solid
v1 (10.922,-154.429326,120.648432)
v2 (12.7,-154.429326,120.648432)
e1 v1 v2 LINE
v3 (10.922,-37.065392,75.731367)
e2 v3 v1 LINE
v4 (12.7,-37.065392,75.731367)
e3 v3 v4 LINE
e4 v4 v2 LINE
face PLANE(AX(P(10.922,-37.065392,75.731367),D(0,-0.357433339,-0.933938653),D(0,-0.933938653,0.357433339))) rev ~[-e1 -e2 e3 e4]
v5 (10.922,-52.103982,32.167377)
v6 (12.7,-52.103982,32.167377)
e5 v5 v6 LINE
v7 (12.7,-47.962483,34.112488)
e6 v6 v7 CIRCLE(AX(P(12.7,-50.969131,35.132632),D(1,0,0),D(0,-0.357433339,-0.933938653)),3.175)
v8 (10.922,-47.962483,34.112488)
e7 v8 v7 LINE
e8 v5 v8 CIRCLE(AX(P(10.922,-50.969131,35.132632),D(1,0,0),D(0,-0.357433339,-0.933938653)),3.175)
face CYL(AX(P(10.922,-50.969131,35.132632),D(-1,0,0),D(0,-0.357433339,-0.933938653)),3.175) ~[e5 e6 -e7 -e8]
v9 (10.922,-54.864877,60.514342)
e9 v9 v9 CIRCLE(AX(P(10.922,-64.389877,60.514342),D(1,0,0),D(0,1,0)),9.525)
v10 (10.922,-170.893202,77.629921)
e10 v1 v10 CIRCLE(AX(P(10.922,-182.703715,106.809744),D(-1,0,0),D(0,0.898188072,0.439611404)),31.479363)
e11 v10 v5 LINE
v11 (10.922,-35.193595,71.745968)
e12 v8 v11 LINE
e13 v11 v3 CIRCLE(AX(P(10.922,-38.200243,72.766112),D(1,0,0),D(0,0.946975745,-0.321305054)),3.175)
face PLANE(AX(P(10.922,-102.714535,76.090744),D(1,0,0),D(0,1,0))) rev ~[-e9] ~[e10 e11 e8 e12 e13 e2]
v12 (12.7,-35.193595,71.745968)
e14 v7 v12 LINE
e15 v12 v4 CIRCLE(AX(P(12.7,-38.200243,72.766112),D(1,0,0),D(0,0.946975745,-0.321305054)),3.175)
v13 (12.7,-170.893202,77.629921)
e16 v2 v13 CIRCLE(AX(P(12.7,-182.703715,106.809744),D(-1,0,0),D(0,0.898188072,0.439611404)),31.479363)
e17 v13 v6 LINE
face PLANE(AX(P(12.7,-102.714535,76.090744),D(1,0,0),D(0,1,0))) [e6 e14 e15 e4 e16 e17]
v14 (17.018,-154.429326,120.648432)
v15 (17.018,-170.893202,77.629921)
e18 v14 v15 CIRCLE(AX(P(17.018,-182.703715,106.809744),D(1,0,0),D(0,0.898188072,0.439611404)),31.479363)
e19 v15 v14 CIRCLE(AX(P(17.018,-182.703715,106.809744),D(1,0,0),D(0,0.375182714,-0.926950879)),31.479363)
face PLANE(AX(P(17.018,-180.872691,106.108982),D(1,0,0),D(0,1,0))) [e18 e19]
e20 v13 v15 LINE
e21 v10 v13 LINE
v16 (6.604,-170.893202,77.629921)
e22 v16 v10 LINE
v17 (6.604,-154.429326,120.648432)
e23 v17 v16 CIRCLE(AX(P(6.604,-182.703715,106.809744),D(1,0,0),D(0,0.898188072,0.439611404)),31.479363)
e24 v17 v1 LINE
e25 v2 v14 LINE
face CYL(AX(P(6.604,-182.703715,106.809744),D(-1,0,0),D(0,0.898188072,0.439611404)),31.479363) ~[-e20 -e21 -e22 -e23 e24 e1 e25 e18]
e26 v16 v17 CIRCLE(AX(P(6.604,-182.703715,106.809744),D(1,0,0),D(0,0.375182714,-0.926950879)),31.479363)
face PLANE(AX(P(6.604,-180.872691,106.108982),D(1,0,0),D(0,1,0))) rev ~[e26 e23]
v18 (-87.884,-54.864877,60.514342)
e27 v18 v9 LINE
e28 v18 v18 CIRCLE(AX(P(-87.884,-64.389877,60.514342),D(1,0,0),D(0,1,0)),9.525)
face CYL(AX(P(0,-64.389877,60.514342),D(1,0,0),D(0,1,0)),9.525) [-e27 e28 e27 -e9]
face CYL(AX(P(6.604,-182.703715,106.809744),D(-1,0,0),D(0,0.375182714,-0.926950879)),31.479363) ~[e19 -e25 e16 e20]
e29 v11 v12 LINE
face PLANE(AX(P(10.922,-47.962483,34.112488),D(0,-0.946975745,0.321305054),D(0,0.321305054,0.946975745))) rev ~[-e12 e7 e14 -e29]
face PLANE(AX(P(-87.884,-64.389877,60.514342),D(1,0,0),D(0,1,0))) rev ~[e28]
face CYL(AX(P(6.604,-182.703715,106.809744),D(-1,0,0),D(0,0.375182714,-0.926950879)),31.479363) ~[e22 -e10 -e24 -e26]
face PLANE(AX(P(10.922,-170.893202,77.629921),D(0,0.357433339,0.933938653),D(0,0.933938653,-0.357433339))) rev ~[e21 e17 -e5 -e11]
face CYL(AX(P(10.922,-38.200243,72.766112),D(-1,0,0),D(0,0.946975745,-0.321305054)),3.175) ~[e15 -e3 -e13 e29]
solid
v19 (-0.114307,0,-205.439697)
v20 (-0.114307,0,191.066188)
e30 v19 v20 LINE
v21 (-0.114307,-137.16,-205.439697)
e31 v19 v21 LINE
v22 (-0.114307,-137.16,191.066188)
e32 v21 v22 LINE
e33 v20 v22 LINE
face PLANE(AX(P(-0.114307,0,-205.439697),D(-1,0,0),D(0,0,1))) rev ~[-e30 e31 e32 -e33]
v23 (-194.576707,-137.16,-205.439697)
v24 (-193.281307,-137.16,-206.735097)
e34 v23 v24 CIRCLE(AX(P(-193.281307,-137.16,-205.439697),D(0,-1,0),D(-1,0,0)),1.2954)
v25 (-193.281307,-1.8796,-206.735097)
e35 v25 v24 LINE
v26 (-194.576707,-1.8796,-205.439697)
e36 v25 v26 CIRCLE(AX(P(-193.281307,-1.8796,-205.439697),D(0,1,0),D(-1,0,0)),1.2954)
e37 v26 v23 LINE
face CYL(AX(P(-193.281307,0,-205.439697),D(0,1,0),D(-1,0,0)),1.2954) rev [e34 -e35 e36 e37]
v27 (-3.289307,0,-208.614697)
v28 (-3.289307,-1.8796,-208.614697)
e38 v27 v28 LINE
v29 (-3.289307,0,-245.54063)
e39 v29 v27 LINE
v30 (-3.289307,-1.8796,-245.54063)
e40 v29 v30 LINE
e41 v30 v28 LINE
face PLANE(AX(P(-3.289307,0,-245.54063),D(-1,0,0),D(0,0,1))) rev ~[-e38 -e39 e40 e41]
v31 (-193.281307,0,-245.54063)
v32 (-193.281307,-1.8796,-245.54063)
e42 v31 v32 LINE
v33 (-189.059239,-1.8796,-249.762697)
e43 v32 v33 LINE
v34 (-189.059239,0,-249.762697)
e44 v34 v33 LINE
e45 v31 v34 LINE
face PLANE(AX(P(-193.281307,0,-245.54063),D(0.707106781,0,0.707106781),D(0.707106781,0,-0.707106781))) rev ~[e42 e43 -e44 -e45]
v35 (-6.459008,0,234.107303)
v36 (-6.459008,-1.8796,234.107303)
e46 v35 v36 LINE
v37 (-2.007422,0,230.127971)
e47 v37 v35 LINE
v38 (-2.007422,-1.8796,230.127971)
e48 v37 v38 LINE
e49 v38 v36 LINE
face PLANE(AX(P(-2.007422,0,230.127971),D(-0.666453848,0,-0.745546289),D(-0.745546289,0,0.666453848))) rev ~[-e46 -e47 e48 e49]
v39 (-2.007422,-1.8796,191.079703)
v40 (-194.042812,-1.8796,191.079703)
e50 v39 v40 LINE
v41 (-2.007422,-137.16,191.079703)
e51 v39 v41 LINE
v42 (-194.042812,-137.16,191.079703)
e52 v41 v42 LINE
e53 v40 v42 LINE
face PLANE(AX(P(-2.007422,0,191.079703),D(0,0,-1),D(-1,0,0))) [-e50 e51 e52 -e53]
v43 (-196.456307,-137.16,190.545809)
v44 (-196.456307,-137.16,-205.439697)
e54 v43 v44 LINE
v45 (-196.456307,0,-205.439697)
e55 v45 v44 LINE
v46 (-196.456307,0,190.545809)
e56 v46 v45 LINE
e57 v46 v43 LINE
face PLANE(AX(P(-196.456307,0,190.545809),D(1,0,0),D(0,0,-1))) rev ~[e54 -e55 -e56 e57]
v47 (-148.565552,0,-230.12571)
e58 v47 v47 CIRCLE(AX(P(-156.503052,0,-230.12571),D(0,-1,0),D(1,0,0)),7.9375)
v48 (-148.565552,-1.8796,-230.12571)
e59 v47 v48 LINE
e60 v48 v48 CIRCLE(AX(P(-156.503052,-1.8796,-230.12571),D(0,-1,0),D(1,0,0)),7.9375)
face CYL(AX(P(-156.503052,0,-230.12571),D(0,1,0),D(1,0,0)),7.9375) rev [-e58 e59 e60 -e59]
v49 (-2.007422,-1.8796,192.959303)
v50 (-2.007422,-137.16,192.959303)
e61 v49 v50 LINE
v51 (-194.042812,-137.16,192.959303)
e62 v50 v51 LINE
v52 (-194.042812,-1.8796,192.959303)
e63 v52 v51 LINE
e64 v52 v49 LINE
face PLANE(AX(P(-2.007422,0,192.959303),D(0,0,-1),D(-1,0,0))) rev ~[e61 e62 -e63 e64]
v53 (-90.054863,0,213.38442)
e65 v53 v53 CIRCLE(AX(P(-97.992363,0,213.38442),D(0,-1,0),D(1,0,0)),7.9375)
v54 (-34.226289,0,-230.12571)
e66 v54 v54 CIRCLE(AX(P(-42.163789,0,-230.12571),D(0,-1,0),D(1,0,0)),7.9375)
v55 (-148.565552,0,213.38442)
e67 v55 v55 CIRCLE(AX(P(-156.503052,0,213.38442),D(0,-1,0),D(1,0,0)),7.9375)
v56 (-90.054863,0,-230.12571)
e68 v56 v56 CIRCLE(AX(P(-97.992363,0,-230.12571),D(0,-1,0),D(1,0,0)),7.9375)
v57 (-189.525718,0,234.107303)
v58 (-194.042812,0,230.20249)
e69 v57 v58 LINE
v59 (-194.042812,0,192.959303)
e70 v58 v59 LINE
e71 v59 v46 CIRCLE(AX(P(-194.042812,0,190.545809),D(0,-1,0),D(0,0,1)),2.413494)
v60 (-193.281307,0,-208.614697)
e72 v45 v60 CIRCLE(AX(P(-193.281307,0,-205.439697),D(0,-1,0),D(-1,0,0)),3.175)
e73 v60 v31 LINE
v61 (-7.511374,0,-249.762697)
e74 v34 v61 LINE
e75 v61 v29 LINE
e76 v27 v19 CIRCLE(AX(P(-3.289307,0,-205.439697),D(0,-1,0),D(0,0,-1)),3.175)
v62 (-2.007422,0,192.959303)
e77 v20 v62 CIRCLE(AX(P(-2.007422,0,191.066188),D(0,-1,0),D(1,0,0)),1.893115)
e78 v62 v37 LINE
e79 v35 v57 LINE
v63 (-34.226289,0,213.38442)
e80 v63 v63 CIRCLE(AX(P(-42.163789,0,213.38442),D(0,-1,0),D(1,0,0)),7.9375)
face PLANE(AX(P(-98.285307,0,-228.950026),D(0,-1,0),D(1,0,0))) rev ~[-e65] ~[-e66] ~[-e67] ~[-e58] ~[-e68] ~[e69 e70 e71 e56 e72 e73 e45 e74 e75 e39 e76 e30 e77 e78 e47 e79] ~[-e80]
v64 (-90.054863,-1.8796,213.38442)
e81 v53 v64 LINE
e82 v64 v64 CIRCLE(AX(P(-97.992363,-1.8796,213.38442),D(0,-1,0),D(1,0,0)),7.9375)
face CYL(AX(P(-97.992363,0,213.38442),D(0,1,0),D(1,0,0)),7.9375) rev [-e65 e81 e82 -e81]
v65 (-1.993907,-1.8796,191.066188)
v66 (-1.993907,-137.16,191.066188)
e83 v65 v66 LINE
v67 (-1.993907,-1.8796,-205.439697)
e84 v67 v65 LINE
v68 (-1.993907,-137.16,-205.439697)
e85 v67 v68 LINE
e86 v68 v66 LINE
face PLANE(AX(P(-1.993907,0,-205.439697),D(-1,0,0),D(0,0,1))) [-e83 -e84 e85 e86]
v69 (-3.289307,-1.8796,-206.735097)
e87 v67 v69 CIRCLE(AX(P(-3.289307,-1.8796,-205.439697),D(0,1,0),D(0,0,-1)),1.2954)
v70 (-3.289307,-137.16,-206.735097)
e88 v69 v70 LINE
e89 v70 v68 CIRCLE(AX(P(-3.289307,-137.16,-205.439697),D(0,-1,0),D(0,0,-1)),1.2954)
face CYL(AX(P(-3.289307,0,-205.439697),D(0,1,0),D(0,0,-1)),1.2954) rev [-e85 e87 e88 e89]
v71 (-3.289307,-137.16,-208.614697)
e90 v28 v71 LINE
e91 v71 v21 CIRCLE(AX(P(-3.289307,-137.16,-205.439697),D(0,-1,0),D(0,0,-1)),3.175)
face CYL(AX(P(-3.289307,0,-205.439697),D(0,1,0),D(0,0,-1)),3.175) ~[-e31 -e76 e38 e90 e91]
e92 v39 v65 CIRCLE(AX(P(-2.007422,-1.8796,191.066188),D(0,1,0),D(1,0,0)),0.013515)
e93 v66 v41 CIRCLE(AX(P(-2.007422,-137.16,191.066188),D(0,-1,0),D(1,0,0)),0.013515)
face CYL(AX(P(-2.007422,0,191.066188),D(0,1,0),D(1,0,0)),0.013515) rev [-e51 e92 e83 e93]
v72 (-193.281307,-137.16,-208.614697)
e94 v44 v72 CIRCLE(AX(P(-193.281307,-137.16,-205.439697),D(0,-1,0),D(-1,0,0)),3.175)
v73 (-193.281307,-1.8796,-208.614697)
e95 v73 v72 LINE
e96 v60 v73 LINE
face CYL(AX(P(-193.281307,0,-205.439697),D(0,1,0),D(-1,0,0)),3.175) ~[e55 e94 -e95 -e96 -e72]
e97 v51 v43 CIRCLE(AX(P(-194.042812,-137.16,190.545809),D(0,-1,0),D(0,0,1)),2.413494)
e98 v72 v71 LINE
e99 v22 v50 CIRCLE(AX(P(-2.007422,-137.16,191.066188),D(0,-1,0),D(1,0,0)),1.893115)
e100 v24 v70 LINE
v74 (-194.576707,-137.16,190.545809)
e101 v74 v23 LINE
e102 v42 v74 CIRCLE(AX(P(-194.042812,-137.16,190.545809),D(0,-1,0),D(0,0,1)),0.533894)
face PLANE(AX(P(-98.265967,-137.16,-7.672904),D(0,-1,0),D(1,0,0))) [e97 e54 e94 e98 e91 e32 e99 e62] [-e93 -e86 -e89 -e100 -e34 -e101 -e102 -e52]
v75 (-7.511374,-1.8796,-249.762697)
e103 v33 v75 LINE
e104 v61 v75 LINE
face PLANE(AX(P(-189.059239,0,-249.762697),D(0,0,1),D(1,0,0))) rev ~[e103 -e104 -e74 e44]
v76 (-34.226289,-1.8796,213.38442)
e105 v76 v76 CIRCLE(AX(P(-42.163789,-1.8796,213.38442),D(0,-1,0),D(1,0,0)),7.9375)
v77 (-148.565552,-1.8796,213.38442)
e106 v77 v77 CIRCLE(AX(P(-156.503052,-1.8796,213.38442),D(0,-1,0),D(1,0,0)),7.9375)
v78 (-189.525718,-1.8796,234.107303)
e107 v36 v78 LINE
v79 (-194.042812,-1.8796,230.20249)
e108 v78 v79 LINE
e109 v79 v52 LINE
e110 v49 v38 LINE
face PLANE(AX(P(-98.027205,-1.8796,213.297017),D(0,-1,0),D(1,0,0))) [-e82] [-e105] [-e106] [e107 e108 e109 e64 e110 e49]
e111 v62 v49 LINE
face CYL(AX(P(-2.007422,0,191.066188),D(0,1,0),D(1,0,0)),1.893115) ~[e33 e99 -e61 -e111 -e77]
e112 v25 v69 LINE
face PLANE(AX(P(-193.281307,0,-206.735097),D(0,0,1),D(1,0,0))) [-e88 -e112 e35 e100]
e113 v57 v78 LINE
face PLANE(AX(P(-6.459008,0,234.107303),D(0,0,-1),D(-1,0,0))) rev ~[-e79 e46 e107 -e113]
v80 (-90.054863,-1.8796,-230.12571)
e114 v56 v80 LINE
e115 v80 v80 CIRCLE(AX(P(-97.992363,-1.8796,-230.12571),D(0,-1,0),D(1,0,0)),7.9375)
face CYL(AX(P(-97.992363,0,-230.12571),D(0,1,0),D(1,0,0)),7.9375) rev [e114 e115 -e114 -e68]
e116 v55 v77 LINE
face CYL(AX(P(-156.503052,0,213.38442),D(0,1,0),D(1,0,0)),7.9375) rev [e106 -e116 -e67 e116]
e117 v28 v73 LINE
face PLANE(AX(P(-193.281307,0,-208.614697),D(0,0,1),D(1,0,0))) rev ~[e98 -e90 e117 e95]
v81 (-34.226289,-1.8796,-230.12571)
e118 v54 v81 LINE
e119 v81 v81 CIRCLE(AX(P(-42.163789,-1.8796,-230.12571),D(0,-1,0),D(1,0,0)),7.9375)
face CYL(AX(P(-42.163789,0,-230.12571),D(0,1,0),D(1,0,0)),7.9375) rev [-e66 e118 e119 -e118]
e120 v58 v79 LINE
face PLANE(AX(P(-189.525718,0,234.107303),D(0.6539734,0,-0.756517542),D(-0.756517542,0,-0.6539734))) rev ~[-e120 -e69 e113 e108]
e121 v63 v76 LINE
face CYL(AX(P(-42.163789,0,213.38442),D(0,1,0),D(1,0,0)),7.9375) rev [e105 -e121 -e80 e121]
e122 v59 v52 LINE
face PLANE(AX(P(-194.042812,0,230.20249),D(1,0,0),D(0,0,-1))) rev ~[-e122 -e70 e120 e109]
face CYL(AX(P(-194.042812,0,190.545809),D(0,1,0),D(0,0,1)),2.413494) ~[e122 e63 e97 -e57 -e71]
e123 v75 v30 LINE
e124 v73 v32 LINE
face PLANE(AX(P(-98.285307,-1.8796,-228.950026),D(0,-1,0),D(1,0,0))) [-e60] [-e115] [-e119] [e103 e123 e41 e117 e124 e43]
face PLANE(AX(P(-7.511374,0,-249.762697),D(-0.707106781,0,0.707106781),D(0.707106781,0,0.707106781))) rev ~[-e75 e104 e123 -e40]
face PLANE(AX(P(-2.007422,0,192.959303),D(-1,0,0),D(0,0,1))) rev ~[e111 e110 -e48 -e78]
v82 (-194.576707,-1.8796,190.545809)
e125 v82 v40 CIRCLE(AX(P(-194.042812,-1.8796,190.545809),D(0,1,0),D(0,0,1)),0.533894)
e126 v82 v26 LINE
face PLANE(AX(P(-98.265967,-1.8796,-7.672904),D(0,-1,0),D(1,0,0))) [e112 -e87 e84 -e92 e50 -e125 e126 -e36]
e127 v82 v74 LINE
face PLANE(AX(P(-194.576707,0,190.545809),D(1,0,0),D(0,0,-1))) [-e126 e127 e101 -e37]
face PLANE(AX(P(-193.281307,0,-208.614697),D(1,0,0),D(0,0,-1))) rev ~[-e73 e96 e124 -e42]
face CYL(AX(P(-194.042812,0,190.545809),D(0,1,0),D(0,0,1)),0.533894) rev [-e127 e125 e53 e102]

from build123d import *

# Parameters (mm, degrees)
F1_DEPTH      = 137.16
F2_T          = -1.8796
F0_R          = 7.9375
F3_DEPTH      = 1.8796
F4_DEPTH      = 1.8796
F5_R          = 9.525
F6_DEPTH      = 12.7
F6_DEPTH_BACK = 87.884
F7_START      = 10.922
F7_DEPTH      = 1.778
F8_START      = 6.604
F8_DEPTH      = 10.414


with BuildPart() as f1:
    # F0 (on Front) → F1 (new body)
    with BuildSketch(Plane.XZ):
        with BuildLine():
            Line((-2.0074219073, 192.9593032377), (-194.0428123108, 192.9593032377))
            ThreePointArc((-194.0428123108, 192.9593032377), (-195.7494105797, 192.2524070892), (-196.4563067282, 190.5458088203))
            Line((-196.4563067282, 190.5458088203), (-196.4563067282, -205.4396967623))
            ThreePointArc((-196.4563067282, -205.4396967623), (-195.5263707585, -207.6847607926), (-193.2813067282, -208.6146967623))
            Line((-193.2813067282, -208.6146967623), (-3.2893067282, -208.6146967623))
            ThreePointArc((-3.2893067282, -208.6146967623), (-1.044242698, -207.6847607926), (-0.1143067282, -205.4396967623))
            Line((-0.1143067282, -205.4396967623), (-0.1143067282, 191.0661880586))
            ThreePointArc((-0.1143067282, 191.0661880586), (-0.6687873266, 192.4048226393), (-2.0074219073, 192.9593032377))
        make_face()
    extrude(amount=F1_DEPTH)

    # F2
    f2_openings = [f1.faces().sort_by_distance(p)[0] for p in [
        (-98.284712, -137.16, -7.821846),
    ]]
    offset(amount=F2_T, openings=f2_openings)

    # F0 (on Front) → F3 (join)
    with BuildSketch(Plane.XZ):
        Polygon((-194.0428123108, 230.2024903454), (-194.0428123108, 192.9593032377), (-2.0074219073, 192.9593032377), (-2.0074219073, 230.1279707811), (-6.4590077951, 234.1073032377), (-189.5257181129, 234.1073032377), align=None)
        with Locations((-156.5030515194, 213.3844196796)):
            Circle(F0_R, mode=Mode.SUBTRACT)
        with Locations((-97.992362954, 213.3844196796)):
            Circle(F0_R, mode=Mode.SUBTRACT)
        with Locations((-42.1637892723, 213.3844196796)):
            Circle(F0_R, mode=Mode.SUBTRACT)
    extrude(amount=F3_DEPTH)

    # F0 (on Front) → F4 (join)
    with BuildSketch(Plane.XZ):
        Polygon((-3.2893067282, -208.6146967623), (-193.2813067282, -208.6146967623), (-193.2813067282, -245.5406295129), (-189.0592394788, -249.7626967623), (-7.5113739777, -249.7626967623), (-3.2893067282, -245.5406295129), align=None)
        with Locations((-156.5030515194, -230.1257103682)):
            Circle(F0_R, mode=Mode.SUBTRACT)
        with Locations((-97.992362954, -230.1257103682)):
            Circle(F0_R, mode=Mode.SUBTRACT)
        with Locations((-42.1637892723, -230.1257103682)):
            Circle(F0_R, mode=Mode.SUBTRACT)
    extrude(amount=F4_DEPTH)


with BuildPart() as f6:
    # F5 (on Right) → F6 (new body, two sides)
    with BuildSketch(Plane.YZ) as f6_sk:
        with Locations((-64.3898770213, 60.5143420398)):
            Circle(F5_R)
    extrude(amount=F6_DEPTH)
    extrude(f6_sk.sketch, amount=-F6_DEPTH_BACK)

    # F5 (on Right) → F7 (join)
    with BuildSketch(Plane.YZ.offset(F7_START)):
        with BuildLine():
            Line((-170.8932016047, 77.6299208061), (-52.1039823193, 32.1673765925))
            ThreePointArc((-52.1039823193, 32.1673765925), (-49.6194014967, 32.2588096218), (-47.9624834755, 34.1124882708))
            Line((-47.9624834755, 34.1124882708), (-35.1935953372, 71.7459684203))
            ThreePointArc((-35.1935953372, 71.7459684203), (-35.3264211342, 74.1158419365), (-37.0653924768, 75.7313671901))
            Line((-37.0653924768, 75.7313671901), (-154.4293258485, 120.6484315675))
            ThreePointArc((-154.4293258485, 120.6484315675), (-152.0360599698, 113.9122285626), (-151.2243511721, 106.8097443975))
            ThreePointArc((-151.2243511721, 106.8097443975), (-156.6006711693, 89.2148176985), (-170.8932016047, 77.6299208061))
        make_face()
        with Locations((-64.3898770213, 60.5143420398)):
            Circle(F5_R, mode=Mode.SUBTRACT)
    extrude(amount=F7_DEPTH)

    # F5 (on Right) → F8 (join)
    with BuildSketch(Plane.YZ.offset(F8_START)):
        with BuildLine():
            ThreePointArc((-154.4293258485, 120.6484315675), (-212.1035088949, 118.0615183867), (-170.8932016047, 77.6299208061))
            ThreePointArc((-170.8932016047, 77.6299208061), (-156.6006711693, 89.2148176985), (-151.2243511721, 106.8097443975))
            ThreePointArc((-151.2243511721, 106.8097443975), (-152.0360599698, 113.9122285626), (-154.4293258485, 120.6484315675))
        make_face()
    extrude(amount=F8_DEPTH)


solid = Compound([f1.part, f6.part])
